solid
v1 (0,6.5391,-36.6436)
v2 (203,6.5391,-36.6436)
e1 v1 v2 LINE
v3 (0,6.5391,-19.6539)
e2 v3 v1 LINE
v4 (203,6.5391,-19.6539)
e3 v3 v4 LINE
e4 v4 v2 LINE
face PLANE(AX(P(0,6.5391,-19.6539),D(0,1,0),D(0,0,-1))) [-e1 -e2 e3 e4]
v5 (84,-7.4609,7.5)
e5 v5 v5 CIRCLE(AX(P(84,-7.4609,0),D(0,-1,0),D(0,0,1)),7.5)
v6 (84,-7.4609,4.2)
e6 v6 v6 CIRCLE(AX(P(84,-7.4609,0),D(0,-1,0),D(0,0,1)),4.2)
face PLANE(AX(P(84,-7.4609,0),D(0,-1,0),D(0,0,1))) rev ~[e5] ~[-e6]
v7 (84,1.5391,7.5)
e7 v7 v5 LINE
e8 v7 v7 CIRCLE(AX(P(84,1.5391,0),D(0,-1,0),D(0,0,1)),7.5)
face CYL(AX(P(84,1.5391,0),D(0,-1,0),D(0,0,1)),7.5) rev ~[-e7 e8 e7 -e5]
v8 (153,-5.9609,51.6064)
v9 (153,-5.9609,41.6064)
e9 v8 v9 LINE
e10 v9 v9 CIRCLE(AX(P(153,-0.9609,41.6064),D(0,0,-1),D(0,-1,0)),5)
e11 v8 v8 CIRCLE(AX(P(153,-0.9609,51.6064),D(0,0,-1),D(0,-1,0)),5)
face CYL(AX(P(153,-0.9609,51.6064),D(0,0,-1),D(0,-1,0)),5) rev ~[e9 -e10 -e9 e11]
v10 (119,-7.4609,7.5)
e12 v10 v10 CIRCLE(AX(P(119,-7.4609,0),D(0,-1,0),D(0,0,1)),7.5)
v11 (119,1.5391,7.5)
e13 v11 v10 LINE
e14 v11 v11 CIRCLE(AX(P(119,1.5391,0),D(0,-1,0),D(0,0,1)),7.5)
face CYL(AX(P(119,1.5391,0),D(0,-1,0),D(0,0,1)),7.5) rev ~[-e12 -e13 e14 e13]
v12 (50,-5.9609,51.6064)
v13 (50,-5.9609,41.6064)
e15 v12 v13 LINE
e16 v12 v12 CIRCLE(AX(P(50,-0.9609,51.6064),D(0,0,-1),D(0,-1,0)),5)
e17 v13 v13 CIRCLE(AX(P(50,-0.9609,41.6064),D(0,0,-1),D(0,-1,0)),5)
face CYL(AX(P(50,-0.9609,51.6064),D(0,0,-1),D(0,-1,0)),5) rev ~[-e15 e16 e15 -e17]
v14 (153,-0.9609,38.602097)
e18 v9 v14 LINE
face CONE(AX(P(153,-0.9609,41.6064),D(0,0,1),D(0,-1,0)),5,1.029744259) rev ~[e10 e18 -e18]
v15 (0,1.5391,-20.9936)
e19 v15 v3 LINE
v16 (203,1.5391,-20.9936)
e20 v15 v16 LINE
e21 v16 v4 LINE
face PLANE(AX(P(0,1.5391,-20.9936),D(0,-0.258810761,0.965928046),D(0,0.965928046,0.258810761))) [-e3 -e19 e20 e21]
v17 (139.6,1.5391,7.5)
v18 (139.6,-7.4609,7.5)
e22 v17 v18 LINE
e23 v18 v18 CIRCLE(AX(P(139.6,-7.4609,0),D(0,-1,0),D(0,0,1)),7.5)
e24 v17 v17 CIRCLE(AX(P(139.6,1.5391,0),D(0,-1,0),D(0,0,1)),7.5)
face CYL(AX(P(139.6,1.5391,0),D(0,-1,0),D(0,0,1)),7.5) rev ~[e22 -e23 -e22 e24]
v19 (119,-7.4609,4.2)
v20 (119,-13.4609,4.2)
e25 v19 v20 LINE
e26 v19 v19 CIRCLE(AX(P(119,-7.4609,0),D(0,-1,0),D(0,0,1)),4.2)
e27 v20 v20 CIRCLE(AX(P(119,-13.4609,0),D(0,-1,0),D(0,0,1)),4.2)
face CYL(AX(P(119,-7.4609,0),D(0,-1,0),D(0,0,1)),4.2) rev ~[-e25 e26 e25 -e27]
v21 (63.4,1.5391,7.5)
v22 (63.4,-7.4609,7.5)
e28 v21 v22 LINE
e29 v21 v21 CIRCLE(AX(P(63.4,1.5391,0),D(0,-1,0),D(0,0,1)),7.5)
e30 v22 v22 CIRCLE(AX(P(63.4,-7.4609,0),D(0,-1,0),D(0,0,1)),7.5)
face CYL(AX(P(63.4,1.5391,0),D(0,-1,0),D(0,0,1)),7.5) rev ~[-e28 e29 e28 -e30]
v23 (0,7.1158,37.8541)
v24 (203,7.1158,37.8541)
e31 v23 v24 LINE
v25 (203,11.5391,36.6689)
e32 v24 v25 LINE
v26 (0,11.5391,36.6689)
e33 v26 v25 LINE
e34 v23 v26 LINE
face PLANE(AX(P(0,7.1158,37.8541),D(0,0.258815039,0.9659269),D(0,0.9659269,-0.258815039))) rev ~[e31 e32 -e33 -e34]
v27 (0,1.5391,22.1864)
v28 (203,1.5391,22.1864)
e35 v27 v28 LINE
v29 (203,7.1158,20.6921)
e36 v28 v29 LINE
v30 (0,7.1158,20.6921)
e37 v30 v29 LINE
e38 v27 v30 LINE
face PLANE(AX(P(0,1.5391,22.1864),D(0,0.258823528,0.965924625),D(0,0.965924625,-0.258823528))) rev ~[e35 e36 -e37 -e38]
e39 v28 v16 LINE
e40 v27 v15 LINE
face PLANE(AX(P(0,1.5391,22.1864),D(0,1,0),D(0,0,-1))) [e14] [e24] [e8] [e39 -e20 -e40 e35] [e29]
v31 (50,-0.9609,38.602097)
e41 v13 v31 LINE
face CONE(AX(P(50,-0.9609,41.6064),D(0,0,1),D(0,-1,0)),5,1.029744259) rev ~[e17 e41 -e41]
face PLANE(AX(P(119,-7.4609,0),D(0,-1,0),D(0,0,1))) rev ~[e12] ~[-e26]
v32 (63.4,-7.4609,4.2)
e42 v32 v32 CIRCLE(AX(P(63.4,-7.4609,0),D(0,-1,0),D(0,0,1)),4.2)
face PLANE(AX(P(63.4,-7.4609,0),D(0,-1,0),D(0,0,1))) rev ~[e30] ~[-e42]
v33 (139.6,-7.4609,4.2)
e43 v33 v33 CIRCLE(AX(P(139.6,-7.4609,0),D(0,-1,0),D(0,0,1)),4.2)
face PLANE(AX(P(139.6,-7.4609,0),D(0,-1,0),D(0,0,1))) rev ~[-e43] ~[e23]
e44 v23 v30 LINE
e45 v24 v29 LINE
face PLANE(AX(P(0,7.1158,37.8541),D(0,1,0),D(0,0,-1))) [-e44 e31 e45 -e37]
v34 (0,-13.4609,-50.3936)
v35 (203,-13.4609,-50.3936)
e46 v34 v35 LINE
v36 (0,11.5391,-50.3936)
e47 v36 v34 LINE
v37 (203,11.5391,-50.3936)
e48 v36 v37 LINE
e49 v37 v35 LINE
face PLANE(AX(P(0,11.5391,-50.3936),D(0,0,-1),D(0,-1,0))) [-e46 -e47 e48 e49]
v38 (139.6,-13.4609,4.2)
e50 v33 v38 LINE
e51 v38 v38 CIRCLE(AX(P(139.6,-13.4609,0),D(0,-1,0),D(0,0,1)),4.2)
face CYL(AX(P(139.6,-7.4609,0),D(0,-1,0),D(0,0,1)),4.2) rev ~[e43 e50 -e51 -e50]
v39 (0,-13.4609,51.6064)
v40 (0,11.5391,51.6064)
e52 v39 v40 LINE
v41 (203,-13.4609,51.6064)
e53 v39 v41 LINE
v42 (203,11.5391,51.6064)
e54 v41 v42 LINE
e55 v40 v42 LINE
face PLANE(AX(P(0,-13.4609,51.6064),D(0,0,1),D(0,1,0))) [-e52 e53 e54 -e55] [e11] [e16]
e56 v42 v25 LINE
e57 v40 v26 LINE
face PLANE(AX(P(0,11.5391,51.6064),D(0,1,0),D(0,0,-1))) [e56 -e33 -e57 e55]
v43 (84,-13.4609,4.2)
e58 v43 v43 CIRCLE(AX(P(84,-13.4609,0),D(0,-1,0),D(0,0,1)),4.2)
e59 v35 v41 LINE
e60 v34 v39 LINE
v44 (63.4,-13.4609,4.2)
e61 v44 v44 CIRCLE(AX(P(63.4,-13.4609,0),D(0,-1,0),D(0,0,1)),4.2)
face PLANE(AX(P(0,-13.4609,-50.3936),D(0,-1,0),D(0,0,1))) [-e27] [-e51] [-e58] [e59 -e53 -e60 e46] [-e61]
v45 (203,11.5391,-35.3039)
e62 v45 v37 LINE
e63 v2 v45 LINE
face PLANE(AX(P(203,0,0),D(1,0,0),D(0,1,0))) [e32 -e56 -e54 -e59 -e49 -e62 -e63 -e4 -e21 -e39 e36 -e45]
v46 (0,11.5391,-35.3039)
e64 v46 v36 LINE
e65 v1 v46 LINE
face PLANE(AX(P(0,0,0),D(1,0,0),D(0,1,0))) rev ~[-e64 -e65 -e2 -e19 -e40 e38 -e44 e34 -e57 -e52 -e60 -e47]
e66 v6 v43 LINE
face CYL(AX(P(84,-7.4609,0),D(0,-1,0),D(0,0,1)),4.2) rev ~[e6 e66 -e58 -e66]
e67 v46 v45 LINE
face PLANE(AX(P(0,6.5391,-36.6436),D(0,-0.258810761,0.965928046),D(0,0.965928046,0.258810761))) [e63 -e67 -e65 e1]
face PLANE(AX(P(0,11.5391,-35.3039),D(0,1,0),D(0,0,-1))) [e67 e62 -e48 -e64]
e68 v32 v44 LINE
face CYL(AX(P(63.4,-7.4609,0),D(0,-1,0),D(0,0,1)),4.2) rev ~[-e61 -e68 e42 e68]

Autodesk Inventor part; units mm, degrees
ref_plane "YZ Plane" through (0, 0, 0) normal (1, 0, 0) x (0, 1, 0)
ref_plane "XZ Plane" through (0, 0, 0) normal (0, 1, 0) x (-1, 0, 0)
ref_plane "XY Plane" through (0, 0, 0) normal (0, 0, 1) x (1, 0, 0)
sketch "Sketch1" plane through (0, 0, 0) normal (1, 0, 0) x (0, 1, 0)
  line L0 (-13.4609, 51.6064) -> (11.5391, 51.6064)
  line L1 (11.5391, -50.3936) -> (-13.4609, -50.3936)
  line L2 (-13.4609, -50.3936) -> (-13.4609, 51.6064)
  line L3 (-13.4609, 51.6064) -> (11.5391, -50.3936) construction
  line L4 (11.5391, 51.6064) -> (-13.4609, -50.3936) construction
  line L5 (1.5391, 22.1864) -> (1.5391, -20.9936)
  line L6 (7.1158, 37.8541) -> (11.5391, 36.6689)
  line L7 (6.5391, -36.6436) -> (11.5391, -35.3039)
  line L8 (6.5391, -36.6436) -> (13.9505, -36.6436) construction
  line L9 (1.5391, 22.1864) -> (7.1158, 20.6921)
  line L10 (1.5391, -20.9936) -> (6.5391, -19.6539)
  line L11 (7.1158, 37.8541) -> (7.1158, 20.6921)
  line L12 (6.5391, -19.6539) -> (6.5391, -36.6436)
  line L13 (11.5391, 51.6064) -> (11.5391, 36.6689)
  line L14 (11.5391, -35.3039) -> (11.5391, -50.3936)
  point P0 (-0.9609, 0.6064)
  dimension "d2" = 25
  dimension "d3" = 102
  dimension "d4" = 43.18
  dimension "d5" = 21.6
  dimension "d6" = 74.5
  dimension "d7" = 37.25
  dimension "d10" = 15
  dimension "d43" = 75
extrude "Extrusion1" add sketch "Sketch1" along normal blind 203
sketch "Sketch2" plane through (0, 1.5391, 22.1864) normal (0, 1, 0) x (1, 0, 0)
  point P0 (0, 22.1864)
  point P1 (63.4, 22.1864)
  point P2 (139.6, 22.1864)
  dimension "d14" = 76.2
  dimension "d15" = 63.4
hole "Hole1" at (63.4, 1.5391, 0) at (139.6, 1.5391, 0) direction (0, -1, 0) diameter 8.4 end through all counterbore diameter 15 counterbore depth 9
sketch "Sketch3" plane through (0, 1.5391, 22.1864) normal (0, 1, 0) x (1, 0, 0)
  point P0 (0, 22.1864)
  point P1 (84, 22.1864)
  point P2 (119, 22.1864)
  dimension "d23" = 35
  dimension "d24" = 84
hole "Hole2" at (84, 1.5391, 0) at (119, 1.5391, 0) direction (0, -1, 0) diameter 8.4 end through all counterbore diameter 15 counterbore depth 9
sketch "Sketch4" plane through (0, -13.4609, 51.6064) normal (0, 0, 1) x (1, 0, 0)
  line L0 (0, 0) -> (203, 0) projected
  line L1 (0, 0) -> (0, 25) projected
  line L2 (203, 25) -> (203, 0) projected
  point P0 (0, 13.4609)
  point P1 (50, 12.5)
  point P2 (153, 12.5)
  dimension "d32" = 12.5
  dimension "d33" = 12.5
  dimension "d34" = 50
  dimension "d35" = 50
hole "Hole3" at (50, -0.9609, 51.6064) at (153, -0.9609, 51.6064) direction (0, 0, -1) diameter 10 depth 10 tip angle 118
properties part number "czescuchwytu" material "Iron, Cast"
